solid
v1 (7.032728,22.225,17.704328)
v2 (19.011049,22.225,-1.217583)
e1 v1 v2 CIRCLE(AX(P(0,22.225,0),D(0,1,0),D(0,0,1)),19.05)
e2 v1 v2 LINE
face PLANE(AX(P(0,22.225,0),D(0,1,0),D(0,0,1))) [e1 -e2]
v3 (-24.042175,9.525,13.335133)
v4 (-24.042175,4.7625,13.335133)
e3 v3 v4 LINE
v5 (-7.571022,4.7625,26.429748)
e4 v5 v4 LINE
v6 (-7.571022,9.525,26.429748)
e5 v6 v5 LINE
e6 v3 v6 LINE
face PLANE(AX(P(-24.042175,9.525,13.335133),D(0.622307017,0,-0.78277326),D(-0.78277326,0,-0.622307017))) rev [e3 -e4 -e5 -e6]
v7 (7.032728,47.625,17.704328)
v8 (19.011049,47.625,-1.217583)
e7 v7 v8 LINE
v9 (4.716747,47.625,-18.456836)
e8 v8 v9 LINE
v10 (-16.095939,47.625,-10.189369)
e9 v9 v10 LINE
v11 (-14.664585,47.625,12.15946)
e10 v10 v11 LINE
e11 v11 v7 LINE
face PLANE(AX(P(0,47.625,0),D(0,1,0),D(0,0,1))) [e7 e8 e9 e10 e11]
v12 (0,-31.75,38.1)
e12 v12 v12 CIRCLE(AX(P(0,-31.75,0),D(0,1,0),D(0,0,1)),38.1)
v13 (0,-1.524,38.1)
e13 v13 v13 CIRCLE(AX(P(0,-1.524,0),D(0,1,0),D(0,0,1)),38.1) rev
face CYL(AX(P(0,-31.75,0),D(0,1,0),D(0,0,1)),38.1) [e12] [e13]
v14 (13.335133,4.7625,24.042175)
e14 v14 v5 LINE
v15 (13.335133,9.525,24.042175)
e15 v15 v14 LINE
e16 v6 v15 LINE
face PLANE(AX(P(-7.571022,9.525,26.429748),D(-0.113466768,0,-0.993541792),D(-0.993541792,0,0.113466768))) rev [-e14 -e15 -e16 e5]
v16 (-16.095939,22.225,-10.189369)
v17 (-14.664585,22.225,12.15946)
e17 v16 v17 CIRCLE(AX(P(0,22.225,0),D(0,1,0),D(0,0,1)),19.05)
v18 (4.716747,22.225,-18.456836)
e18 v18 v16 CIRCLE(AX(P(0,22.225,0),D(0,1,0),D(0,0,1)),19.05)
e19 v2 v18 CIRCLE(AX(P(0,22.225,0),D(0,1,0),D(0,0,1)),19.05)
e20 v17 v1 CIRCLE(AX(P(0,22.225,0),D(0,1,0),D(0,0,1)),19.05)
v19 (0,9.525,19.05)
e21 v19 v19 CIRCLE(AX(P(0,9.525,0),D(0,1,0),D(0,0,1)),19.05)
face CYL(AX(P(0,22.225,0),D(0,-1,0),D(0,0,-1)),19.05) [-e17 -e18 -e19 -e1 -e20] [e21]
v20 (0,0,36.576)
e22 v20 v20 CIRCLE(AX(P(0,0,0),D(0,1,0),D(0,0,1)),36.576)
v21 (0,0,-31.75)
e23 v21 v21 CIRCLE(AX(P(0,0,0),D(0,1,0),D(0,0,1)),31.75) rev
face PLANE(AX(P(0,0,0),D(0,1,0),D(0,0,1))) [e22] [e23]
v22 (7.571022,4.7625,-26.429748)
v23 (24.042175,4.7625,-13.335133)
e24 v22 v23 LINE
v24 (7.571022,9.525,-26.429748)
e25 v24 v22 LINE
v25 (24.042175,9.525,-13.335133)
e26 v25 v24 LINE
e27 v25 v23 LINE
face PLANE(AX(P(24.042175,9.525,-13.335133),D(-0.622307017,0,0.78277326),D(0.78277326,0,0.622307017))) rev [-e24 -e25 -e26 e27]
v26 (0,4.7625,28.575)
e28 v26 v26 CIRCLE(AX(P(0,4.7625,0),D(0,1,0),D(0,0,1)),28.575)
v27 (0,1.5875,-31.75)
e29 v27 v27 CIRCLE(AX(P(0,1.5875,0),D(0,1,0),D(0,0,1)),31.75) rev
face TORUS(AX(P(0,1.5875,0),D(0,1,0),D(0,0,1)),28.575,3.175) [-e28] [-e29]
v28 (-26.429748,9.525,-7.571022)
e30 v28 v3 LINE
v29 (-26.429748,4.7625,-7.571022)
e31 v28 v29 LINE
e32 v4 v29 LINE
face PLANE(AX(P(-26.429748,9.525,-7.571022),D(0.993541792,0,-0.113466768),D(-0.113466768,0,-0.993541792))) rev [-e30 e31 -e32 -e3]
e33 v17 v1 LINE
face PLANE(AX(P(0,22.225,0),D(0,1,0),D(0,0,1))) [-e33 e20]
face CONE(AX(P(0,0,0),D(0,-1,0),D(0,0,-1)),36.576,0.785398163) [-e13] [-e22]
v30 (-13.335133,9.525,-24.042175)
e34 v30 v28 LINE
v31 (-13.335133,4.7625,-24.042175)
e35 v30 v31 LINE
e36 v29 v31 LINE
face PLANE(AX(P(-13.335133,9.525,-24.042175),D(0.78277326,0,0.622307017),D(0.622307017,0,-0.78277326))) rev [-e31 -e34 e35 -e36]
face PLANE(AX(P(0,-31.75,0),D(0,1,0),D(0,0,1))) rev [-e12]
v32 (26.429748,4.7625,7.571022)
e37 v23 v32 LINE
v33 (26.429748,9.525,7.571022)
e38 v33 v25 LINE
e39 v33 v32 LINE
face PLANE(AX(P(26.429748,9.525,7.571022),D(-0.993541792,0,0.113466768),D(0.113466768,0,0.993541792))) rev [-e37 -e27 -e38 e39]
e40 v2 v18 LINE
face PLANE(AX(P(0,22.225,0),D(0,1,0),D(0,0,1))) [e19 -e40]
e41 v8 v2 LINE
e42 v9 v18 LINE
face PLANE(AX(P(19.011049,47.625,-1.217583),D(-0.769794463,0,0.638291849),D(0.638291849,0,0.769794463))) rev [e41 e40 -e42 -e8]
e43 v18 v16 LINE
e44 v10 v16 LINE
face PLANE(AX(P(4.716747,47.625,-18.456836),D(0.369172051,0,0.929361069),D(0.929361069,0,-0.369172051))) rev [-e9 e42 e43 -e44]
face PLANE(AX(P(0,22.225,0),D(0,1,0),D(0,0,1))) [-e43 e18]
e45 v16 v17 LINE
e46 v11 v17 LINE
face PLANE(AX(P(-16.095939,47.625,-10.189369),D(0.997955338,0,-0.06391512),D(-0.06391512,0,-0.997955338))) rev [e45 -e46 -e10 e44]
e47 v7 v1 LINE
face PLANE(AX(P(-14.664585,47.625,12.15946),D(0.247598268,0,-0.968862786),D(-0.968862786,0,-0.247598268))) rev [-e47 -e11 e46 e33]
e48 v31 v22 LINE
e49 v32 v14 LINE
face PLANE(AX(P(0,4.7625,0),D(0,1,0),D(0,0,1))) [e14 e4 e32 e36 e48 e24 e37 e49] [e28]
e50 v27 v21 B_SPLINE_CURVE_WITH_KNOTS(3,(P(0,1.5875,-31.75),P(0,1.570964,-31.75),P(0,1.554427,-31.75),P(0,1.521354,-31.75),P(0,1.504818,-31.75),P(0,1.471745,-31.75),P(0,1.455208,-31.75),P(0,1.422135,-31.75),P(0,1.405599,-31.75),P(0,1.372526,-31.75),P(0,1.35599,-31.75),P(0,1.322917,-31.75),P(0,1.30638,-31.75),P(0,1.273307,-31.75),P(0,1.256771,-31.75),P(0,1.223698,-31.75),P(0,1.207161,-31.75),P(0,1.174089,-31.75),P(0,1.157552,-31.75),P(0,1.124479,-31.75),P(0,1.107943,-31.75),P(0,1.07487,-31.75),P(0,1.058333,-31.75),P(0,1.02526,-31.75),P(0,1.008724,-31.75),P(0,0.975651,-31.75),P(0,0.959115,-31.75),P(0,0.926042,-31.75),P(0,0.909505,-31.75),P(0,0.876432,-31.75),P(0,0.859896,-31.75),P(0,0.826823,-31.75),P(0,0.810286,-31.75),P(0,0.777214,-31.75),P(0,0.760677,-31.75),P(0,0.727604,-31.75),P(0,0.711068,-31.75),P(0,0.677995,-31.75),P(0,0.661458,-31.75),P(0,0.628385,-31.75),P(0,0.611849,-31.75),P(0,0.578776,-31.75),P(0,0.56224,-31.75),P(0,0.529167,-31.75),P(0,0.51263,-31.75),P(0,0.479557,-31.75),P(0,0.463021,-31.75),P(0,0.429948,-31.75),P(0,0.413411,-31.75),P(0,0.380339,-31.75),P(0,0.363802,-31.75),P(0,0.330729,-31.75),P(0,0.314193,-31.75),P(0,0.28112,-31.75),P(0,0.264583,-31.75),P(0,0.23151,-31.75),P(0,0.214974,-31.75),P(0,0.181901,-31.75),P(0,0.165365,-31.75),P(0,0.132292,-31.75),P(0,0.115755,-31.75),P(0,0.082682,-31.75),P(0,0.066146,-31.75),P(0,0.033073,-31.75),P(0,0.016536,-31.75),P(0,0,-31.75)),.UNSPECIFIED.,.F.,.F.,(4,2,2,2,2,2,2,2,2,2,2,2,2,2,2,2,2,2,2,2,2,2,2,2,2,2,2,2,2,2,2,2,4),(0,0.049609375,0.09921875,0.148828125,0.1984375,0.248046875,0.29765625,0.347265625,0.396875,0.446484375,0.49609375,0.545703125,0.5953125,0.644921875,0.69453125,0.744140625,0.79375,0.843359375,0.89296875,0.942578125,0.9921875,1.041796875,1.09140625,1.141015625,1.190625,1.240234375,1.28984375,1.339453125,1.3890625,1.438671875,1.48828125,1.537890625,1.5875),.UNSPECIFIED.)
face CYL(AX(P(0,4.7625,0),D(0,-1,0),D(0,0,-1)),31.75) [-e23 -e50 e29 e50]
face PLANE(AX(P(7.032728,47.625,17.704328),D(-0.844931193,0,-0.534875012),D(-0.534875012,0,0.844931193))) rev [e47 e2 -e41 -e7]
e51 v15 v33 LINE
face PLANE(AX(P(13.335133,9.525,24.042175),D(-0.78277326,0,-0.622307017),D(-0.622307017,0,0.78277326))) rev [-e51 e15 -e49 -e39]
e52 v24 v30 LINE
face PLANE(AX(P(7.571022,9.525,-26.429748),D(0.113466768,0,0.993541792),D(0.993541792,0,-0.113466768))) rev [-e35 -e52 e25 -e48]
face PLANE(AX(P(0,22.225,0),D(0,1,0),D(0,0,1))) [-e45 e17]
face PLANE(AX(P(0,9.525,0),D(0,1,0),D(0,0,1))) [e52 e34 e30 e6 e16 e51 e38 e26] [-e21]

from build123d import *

# Parameters (mm, degrees)
SKETCH1_R           = 38.1
BOSS_EXTRUDE1_DEPTH = 31.75
CHAMFER1_SIZE       = 1.524
SKETCH2_R           = 31.75
BOSS_EXTRUDE3_DEPTH = 4.7625
BOSS_EXTRUDE4_DEPTH = 9.525
SKETCH5_R           = 19.05
BOSS_EXTRUDE5_DEPTH = 12.7
BOSS_EXTRUDE6_DEPTH = 25.4
FILLET2_R           = 3.175


with BuildPart() as part:
    # Sketch1 → Boss-Extrude1 (new body)
    with BuildSketch(Plane(origin=(0, 0, 0), x_dir=(1, 0, 0), z_dir=(0, 1, 0))):
        with Locations(Location((0, 0, 0), (0, 0, 270))):
            Circle(SKETCH1_R)
    extrude(amount=-BOSS_EXTRUDE1_DEPTH)

    # Chamfer1
    chamfer1_edges = [part.edges().sort_by_distance(p)[0] for p in [
        (0, 0, -38.1),
    ]]
    chamfer(chamfer1_edges, length=CHAMFER1_SIZE)

    # Sketch2 → Boss-Extrude3 (add, symmetric)
    with BuildSketch(Plane(origin=(0, 0, 0), x_dir=(1, 0, 0), z_dir=(0, 1, 0))):
        with Locations(Location((0, 0, 0), (0, 0, 90))):
            Circle(SKETCH2_R)
    extrude(amount=BOSS_EXTRUDE3_DEPTH, both=True)

    # Sketch4 → Boss-Extrude4 (add)
    with BuildSketch(Plane(origin=(0, 0, 0), x_dir=(1, 0, 0), z_dir=(0, 1, 0))):
        Polygon((7.571021609, 26.429748164), (-13.335133431, 24.042174872), (-26.429748164, 7.571021609), (-24.042174872, -13.335133431), (-7.571021609, -26.429748164), (13.335133431, -24.042174872), (26.429748164, -7.571021609), (24.042174872, 13.335133431), align=None)
    extrude(amount=BOSS_EXTRUDE4_DEPTH)

    # Sketch5 → Boss-Extrude5 (add)
    with BuildSketch(Plane(origin=(0, 9.525, 0), x_dir=(1, 0, 0), z_dir=(0, 1, 0))):
        with Locations(Location((0, 0, 0), (0, 0, 270))):
            Circle(SKETCH5_R)
    extrude(amount=BOSS_EXTRUDE5_DEPTH)

    # Sketch6 → Boss-Extrude6 (add)
    with BuildSketch(Plane(origin=(0, 22.225, 0), x_dir=(1, 0, 0), z_dir=(0, 1, 0))):
        Polygon((4.716746996, 18.456836072), (-16.095939236, 10.189368975), (-14.664584525, -12.159459721), (7.032727569, -17.704328367), (19.011049196, 1.217583042), align=None)
    extrude(amount=BOSS_EXTRUDE6_DEPTH)

    # Fillet2
    fillet2_edges = [part.edges().sort_by_distance(p)[0] for p in [
        (0, 4.7625, 31.75),
    ]]
    fillet(fillet2_edges, radius=FILLET2_R)


solid = part.part
